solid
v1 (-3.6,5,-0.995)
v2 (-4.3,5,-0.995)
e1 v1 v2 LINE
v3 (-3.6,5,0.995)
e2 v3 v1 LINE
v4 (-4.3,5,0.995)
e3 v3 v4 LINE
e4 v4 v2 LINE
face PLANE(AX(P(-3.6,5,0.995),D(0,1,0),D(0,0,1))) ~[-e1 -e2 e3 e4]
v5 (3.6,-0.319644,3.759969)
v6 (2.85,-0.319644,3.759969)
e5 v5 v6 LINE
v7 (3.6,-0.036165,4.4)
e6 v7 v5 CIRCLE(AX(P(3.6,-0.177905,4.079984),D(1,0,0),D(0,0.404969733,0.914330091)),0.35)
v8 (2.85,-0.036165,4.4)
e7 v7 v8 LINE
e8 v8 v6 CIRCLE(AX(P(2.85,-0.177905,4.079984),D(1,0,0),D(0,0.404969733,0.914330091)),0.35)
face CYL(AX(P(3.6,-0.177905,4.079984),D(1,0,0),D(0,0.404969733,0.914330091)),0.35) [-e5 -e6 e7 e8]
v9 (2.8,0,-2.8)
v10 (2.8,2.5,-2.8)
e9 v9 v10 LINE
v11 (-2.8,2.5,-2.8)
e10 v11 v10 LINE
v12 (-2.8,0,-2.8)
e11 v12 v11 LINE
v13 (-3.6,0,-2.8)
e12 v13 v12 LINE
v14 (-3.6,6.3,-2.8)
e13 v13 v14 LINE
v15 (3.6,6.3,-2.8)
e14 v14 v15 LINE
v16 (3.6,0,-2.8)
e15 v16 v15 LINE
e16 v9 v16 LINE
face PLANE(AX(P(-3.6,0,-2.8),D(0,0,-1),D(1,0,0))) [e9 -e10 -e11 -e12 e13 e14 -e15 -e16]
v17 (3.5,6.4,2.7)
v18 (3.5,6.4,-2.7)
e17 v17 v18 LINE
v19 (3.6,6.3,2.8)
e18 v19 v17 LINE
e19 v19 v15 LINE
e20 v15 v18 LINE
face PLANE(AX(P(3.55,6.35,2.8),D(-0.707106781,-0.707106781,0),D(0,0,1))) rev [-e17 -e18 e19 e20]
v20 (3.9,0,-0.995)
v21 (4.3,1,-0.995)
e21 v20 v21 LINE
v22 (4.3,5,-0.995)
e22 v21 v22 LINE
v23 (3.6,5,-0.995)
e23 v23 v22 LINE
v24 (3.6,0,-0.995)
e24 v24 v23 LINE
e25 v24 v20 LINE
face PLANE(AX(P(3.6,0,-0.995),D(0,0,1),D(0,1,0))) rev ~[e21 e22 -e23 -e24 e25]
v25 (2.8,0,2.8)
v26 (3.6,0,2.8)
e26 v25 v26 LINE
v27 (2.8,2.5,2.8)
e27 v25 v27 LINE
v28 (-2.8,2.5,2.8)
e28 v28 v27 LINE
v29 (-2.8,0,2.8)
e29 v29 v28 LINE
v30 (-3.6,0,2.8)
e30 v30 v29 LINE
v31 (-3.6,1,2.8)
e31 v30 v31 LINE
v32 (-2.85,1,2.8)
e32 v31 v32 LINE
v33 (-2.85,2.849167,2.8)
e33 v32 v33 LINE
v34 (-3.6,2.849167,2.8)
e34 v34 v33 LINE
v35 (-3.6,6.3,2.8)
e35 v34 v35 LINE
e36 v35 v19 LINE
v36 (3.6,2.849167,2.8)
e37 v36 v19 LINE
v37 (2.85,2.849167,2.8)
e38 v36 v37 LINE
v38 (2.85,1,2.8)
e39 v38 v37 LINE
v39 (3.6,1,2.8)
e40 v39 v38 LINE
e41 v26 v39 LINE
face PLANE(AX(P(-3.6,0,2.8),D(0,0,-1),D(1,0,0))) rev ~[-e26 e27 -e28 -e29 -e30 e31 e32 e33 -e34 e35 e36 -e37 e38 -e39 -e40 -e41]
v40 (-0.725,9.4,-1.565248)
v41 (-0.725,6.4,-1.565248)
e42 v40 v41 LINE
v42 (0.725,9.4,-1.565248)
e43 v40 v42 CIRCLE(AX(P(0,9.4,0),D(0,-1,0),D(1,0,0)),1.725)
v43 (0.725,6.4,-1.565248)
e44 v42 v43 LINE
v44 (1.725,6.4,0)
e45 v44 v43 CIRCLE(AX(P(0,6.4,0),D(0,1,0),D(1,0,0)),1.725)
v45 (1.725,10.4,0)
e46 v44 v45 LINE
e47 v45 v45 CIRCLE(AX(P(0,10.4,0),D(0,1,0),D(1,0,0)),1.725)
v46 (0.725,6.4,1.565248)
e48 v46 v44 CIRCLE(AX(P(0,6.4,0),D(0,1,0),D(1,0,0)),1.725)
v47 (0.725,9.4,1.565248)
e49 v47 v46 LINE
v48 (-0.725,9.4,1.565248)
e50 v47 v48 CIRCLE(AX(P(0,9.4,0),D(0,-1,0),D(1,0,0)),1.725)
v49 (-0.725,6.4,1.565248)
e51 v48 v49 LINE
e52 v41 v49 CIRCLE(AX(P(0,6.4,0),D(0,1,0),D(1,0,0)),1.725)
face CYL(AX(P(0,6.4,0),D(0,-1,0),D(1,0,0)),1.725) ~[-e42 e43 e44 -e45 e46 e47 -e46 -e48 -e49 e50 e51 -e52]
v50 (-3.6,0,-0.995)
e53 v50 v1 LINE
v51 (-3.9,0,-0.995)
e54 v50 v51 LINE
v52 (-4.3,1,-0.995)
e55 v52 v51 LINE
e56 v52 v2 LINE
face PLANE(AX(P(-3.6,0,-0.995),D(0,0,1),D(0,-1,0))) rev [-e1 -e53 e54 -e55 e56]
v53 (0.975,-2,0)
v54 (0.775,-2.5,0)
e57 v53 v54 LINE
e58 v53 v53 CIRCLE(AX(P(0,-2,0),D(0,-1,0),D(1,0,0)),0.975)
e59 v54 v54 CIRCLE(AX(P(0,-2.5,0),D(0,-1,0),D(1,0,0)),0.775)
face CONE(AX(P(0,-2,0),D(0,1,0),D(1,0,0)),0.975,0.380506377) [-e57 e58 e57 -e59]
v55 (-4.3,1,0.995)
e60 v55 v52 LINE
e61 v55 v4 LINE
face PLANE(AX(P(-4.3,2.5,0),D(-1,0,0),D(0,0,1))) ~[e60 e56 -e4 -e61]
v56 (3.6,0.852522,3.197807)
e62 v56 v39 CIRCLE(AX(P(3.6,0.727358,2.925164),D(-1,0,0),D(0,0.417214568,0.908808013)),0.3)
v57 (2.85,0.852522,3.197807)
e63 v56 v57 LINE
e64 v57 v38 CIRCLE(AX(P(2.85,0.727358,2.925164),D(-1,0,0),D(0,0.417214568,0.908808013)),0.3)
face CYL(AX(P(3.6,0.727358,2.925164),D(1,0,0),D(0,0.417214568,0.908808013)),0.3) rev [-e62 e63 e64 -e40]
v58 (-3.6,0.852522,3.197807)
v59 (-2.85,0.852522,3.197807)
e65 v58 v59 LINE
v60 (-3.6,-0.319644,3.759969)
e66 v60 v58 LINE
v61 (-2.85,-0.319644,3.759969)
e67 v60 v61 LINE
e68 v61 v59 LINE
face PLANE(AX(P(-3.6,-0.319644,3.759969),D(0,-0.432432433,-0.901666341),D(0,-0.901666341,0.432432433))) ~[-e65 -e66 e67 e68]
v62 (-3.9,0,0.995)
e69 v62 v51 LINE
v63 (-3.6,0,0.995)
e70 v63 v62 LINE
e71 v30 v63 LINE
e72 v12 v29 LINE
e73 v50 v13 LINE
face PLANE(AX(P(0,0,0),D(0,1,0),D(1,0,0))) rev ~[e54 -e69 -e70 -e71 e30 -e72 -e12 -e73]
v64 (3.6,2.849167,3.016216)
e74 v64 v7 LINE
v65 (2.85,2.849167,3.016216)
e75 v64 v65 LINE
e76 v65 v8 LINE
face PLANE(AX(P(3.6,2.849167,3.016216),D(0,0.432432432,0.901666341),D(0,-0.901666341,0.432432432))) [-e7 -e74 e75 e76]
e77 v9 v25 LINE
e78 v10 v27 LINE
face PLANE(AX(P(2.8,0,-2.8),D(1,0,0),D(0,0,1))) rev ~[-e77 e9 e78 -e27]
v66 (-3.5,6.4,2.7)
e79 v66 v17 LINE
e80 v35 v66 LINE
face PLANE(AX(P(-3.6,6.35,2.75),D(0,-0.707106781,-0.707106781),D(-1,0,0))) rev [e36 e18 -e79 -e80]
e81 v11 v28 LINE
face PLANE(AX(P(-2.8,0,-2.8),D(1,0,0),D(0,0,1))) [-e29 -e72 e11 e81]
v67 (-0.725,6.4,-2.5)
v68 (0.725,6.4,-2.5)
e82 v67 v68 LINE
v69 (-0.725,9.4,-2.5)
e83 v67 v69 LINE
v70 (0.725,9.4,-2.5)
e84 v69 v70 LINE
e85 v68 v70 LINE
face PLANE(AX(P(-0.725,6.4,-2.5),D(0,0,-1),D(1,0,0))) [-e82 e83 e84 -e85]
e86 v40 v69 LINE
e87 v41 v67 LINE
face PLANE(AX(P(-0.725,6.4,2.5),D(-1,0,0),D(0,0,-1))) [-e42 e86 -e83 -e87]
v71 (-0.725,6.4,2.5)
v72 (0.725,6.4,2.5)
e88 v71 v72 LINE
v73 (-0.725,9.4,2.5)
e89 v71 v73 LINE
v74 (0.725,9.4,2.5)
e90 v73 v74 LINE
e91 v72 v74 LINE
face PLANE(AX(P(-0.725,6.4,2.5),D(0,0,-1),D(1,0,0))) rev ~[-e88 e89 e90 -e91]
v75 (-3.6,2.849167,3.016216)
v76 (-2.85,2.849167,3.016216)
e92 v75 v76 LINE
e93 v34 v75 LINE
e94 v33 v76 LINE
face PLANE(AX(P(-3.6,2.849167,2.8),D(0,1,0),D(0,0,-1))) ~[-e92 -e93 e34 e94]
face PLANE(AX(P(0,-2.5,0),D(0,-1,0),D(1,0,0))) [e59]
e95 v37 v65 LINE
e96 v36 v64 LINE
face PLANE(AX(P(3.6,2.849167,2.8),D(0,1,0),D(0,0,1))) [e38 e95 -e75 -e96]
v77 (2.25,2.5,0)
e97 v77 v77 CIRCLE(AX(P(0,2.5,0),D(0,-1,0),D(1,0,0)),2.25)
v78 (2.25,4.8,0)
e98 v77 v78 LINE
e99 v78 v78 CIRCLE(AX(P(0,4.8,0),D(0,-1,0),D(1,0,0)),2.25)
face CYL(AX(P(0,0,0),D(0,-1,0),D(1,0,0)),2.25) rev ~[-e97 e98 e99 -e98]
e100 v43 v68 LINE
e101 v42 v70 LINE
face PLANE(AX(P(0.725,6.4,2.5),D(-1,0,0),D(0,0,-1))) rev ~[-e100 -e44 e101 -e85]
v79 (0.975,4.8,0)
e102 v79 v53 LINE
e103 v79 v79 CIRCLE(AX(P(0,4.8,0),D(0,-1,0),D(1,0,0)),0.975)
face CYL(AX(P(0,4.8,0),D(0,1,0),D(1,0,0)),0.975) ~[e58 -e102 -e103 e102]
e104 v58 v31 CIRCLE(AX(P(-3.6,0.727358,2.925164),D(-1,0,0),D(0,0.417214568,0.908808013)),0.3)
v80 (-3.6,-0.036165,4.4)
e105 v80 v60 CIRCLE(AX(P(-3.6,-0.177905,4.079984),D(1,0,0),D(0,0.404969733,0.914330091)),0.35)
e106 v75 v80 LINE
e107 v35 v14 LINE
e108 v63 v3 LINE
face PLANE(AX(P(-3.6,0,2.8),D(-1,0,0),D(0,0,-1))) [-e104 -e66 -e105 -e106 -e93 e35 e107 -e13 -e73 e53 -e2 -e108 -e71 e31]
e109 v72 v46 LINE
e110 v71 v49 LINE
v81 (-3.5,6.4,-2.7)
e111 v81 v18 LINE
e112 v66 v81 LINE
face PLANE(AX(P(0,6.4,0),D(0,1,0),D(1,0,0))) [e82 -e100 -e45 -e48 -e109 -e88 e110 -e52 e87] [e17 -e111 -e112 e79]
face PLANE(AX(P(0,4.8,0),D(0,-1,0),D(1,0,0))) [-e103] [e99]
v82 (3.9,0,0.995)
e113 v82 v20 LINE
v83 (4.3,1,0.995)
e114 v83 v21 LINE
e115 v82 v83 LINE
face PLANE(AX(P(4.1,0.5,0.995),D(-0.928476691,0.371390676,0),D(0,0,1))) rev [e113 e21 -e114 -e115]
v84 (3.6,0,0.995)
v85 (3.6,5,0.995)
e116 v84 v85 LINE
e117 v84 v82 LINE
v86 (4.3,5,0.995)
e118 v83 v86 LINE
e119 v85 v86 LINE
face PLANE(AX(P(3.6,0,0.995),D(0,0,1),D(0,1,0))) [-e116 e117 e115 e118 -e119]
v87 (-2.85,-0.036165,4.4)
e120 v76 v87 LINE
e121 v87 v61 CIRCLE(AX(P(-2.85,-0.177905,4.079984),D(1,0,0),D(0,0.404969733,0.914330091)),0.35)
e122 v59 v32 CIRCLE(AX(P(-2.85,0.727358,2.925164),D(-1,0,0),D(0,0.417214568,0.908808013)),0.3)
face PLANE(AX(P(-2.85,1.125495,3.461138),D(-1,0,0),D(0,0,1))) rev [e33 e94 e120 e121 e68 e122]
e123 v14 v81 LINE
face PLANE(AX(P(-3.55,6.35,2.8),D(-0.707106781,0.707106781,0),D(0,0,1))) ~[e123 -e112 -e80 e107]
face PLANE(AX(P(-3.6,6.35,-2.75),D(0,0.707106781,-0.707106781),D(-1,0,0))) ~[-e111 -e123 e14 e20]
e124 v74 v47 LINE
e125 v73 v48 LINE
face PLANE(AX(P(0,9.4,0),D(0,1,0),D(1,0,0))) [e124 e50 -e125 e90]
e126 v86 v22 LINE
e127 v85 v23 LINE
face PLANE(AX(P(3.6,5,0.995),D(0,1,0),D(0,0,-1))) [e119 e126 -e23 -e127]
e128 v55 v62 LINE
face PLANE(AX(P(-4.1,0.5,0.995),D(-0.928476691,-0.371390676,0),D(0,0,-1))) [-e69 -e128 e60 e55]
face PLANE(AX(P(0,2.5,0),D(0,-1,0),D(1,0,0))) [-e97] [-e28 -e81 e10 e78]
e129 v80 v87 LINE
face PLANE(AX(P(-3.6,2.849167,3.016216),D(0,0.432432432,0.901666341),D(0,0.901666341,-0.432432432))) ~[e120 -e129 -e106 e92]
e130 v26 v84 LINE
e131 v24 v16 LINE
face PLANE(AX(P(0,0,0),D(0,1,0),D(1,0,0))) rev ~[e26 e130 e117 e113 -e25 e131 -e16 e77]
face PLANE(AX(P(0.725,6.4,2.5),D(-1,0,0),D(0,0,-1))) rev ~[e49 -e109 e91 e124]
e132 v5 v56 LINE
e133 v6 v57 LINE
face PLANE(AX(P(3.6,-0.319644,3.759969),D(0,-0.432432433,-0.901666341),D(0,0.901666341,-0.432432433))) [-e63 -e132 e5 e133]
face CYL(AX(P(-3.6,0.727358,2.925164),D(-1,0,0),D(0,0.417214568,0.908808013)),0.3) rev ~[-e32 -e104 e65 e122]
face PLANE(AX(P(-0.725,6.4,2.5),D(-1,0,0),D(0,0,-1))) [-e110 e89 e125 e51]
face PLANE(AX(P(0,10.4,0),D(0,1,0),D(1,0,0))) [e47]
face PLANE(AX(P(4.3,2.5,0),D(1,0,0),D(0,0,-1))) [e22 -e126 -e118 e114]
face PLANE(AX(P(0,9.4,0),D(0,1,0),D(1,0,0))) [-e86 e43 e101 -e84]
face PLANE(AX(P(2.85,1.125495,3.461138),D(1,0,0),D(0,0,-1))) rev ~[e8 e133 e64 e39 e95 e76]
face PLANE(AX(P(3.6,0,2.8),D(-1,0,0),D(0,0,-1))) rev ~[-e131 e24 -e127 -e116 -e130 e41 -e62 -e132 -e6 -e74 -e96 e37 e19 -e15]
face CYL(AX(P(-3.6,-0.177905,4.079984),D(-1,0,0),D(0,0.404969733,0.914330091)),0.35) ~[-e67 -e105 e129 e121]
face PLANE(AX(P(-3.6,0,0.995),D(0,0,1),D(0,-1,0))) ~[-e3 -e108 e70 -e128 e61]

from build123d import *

# Parameters (mm, degrees)
SKETCH1_W                = 7.2
SKETCH1_H                = 5.6
BODY_DEPTH               = 6.4
BODY_CHAMFER_SIZE        = 0.1
SKETCH2_R                = 1.725
MOUNT_DEPTH              = 4
SKETCH3_W                = 1.45
SKETCH3_H                = 5
MOUNT_RAILS_DEPTH        = 3
SKETCH4_R                = 2.25
BODY_CUT_1_DEPTH         = 4.8
SKETCH5_W                = 5.6
SKETCH5_H                = 5.6
BODY_CUT_2_DEPTH         = 2.5
SKETCH6_R                = 0.975
POLE_DEPTH               = 7.3
POLE_CHAMFER_SIZE        = 0.5
POLE_CHAMFER_SIZE2       = 0.2
SKETCH7_W                = 1.99
SKETCH7_H                = 5
RIGHT_RAIL_DEPTH         = 0.7
RIGHT_RAIL_CHAMFER_SIZE  = 0.4
RIGHT_RAIL_CHAMFER_SIZE2 = 1
LEFT_RAIL_CHAMFER_SIZE   = 1
LEFT_RAIL_CHAMFER_SIZE2  = 0.4
RIGHT_LEG_DEPTH          = 0.75


with BuildPart() as part:
    # Sketch1 → Body (new body)
    with BuildSketch(Plane(origin=(0, 0, 0), x_dir=(1, 0, 0), z_dir=(0, 1, 0))):
        Rectangle(SKETCH1_W, SKETCH1_H)
    extrude(amount=BODY_DEPTH)

    # Body Chamfer
    body_chamfer_edges = [part.edges().sort_by_distance(p)[0] for p in [
        (-3.6, 6.4, 0),
        (0, 6.4, 2.8),
        (3.6, 6.4, 0),
        (0, 6.4, -2.8),
    ]]
    chamfer(body_chamfer_edges, length=BODY_CHAMFER_SIZE)

    # Sketch2 → Mount (add)
    with BuildSketch(Plane(origin=(0, 6.4, 0), x_dir=(1, 0, 0), z_dir=(0, 1, 0))):
        Circle(SKETCH2_R)
    extrude(amount=MOUNT_DEPTH)

    # Sketch3 → Mount Rails (add)
    with BuildSketch(Plane(origin=(0, 6.4, 0), x_dir=(1, 0, 0), z_dir=(0, 1, 0))):
        Rectangle(SKETCH3_W, SKETCH3_H)
    extrude(amount=MOUNT_RAILS_DEPTH)

    # Sketch4 → Body Cut 1 (cut)
    with BuildSketch(Plane.XZ):
        Circle(SKETCH4_R)
    extrude(amount=-BODY_CUT_1_DEPTH, mode=Mode.SUBTRACT)

    # Sketch5 → Body Cut 2 (cut)
    with BuildSketch(Plane.XZ):
        Rectangle(SKETCH5_W, SKETCH5_H)
    extrude(amount=-BODY_CUT_2_DEPTH, mode=Mode.SUBTRACT)

    # Sketch6 → Pole (add)
    with BuildSketch(Plane.XZ.offset(-4.8)):
        Circle(SKETCH6_R)
    extrude(amount=POLE_DEPTH)

    # Pole Chamfer
    pole_chamfer_edges = [part.edges().sort_by_distance(p)[0] for p in [
        (-0.975, -2.5, 0),
    ]]
    pole_chamfer_side = [part.faces().sort_by_distance(p)[0] for p in [
        (-0.975, 1.15, 0),
    ]]
    chamfer(pole_chamfer_edges, length=POLE_CHAMFER_SIZE, length2=POLE_CHAMFER_SIZE2, reference=pole_chamfer_side[0])

    # Sketch7 → Right Rail (add)
    with BuildSketch(Plane(origin=(3.6, 0, 0), x_dir=(0, 0, -1), z_dir=(1, 0, 0))):
        with Locations((0, 2.5)):
            Rectangle(SKETCH7_W, SKETCH7_H)
    right_rail = extrude(amount=RIGHT_RAIL_DEPTH)

    # Rail Mirror: Right Rail across plane
    add(right_rail.mirror(Plane(origin=(0, 0, 0), x_dir=(0, 0, 1), z_dir=(1, 0, 0))))

    # Right Rail Chamfer
    right_rail_chamfer_edges = [part.edges().sort_by_distance(p)[0] for p in [
        (4.3, 0, 0),
    ]]
    right_rail_chamfer_side = [part.faces().sort_by_distance(p)[0] for p in [
        (3.377890346, 0, 0),
    ]]
    chamfer(right_rail_chamfer_edges, length=RIGHT_RAIL_CHAMFER_SIZE, length2=RIGHT_RAIL_CHAMFER_SIZE2, reference=right_rail_chamfer_side[0])

    # Left Rail Chamfer
    left_rail_chamfer_edges = [part.edges().sort_by_distance(p)[0] for p in [
        (-4.3, 0, 0),
    ]]
    left_rail_chamfer_side = [part.faces().sort_by_distance(p)[0] for p in [
        (-4.3, 2.5, 0),
    ]]
    chamfer(left_rail_chamfer_edges, length=LEFT_RAIL_CHAMFER_SIZE, length2=LEFT_RAIL_CHAMFER_SIZE2, reference=left_rail_chamfer_side[0])

    # Sketch8 → Right Leg (add)
    with BuildSketch(Plane(origin=(3.6, 0, 0), x_dir=(0, 0, -1), z_dir=(1, 0, 0))):
        with BuildLine():
            Line((-3.016216216, 2.849166829), (-4.4, -0.036165464))
            ThreePointArc((-4.4, -0.036165464), (-4.221723875, -0.497920402), (-3.759968937, -0.319644277))
            Line((-3.759968937, -0.319644277), (-3.197806774, 0.852521967))
            ThreePointArc((-3.197806774, 0.852521967), (-3.029447088, 1.008649464), (-2.8, 1))
            Line((-2.8, 1), (-2.8, 2.849166829))
            Line((-2.8, 2.849166829), (-3.016216216, 2.849166829))
        make_face()
    right_leg = extrude(amount=-RIGHT_LEG_DEPTH)

    # Leg Mirror: Right Leg across plane
    add(right_leg.mirror(Plane(origin=(0, 0, 0), x_dir=(0, 0, 1), z_dir=(1, 0, 0))))


solid = part.part
